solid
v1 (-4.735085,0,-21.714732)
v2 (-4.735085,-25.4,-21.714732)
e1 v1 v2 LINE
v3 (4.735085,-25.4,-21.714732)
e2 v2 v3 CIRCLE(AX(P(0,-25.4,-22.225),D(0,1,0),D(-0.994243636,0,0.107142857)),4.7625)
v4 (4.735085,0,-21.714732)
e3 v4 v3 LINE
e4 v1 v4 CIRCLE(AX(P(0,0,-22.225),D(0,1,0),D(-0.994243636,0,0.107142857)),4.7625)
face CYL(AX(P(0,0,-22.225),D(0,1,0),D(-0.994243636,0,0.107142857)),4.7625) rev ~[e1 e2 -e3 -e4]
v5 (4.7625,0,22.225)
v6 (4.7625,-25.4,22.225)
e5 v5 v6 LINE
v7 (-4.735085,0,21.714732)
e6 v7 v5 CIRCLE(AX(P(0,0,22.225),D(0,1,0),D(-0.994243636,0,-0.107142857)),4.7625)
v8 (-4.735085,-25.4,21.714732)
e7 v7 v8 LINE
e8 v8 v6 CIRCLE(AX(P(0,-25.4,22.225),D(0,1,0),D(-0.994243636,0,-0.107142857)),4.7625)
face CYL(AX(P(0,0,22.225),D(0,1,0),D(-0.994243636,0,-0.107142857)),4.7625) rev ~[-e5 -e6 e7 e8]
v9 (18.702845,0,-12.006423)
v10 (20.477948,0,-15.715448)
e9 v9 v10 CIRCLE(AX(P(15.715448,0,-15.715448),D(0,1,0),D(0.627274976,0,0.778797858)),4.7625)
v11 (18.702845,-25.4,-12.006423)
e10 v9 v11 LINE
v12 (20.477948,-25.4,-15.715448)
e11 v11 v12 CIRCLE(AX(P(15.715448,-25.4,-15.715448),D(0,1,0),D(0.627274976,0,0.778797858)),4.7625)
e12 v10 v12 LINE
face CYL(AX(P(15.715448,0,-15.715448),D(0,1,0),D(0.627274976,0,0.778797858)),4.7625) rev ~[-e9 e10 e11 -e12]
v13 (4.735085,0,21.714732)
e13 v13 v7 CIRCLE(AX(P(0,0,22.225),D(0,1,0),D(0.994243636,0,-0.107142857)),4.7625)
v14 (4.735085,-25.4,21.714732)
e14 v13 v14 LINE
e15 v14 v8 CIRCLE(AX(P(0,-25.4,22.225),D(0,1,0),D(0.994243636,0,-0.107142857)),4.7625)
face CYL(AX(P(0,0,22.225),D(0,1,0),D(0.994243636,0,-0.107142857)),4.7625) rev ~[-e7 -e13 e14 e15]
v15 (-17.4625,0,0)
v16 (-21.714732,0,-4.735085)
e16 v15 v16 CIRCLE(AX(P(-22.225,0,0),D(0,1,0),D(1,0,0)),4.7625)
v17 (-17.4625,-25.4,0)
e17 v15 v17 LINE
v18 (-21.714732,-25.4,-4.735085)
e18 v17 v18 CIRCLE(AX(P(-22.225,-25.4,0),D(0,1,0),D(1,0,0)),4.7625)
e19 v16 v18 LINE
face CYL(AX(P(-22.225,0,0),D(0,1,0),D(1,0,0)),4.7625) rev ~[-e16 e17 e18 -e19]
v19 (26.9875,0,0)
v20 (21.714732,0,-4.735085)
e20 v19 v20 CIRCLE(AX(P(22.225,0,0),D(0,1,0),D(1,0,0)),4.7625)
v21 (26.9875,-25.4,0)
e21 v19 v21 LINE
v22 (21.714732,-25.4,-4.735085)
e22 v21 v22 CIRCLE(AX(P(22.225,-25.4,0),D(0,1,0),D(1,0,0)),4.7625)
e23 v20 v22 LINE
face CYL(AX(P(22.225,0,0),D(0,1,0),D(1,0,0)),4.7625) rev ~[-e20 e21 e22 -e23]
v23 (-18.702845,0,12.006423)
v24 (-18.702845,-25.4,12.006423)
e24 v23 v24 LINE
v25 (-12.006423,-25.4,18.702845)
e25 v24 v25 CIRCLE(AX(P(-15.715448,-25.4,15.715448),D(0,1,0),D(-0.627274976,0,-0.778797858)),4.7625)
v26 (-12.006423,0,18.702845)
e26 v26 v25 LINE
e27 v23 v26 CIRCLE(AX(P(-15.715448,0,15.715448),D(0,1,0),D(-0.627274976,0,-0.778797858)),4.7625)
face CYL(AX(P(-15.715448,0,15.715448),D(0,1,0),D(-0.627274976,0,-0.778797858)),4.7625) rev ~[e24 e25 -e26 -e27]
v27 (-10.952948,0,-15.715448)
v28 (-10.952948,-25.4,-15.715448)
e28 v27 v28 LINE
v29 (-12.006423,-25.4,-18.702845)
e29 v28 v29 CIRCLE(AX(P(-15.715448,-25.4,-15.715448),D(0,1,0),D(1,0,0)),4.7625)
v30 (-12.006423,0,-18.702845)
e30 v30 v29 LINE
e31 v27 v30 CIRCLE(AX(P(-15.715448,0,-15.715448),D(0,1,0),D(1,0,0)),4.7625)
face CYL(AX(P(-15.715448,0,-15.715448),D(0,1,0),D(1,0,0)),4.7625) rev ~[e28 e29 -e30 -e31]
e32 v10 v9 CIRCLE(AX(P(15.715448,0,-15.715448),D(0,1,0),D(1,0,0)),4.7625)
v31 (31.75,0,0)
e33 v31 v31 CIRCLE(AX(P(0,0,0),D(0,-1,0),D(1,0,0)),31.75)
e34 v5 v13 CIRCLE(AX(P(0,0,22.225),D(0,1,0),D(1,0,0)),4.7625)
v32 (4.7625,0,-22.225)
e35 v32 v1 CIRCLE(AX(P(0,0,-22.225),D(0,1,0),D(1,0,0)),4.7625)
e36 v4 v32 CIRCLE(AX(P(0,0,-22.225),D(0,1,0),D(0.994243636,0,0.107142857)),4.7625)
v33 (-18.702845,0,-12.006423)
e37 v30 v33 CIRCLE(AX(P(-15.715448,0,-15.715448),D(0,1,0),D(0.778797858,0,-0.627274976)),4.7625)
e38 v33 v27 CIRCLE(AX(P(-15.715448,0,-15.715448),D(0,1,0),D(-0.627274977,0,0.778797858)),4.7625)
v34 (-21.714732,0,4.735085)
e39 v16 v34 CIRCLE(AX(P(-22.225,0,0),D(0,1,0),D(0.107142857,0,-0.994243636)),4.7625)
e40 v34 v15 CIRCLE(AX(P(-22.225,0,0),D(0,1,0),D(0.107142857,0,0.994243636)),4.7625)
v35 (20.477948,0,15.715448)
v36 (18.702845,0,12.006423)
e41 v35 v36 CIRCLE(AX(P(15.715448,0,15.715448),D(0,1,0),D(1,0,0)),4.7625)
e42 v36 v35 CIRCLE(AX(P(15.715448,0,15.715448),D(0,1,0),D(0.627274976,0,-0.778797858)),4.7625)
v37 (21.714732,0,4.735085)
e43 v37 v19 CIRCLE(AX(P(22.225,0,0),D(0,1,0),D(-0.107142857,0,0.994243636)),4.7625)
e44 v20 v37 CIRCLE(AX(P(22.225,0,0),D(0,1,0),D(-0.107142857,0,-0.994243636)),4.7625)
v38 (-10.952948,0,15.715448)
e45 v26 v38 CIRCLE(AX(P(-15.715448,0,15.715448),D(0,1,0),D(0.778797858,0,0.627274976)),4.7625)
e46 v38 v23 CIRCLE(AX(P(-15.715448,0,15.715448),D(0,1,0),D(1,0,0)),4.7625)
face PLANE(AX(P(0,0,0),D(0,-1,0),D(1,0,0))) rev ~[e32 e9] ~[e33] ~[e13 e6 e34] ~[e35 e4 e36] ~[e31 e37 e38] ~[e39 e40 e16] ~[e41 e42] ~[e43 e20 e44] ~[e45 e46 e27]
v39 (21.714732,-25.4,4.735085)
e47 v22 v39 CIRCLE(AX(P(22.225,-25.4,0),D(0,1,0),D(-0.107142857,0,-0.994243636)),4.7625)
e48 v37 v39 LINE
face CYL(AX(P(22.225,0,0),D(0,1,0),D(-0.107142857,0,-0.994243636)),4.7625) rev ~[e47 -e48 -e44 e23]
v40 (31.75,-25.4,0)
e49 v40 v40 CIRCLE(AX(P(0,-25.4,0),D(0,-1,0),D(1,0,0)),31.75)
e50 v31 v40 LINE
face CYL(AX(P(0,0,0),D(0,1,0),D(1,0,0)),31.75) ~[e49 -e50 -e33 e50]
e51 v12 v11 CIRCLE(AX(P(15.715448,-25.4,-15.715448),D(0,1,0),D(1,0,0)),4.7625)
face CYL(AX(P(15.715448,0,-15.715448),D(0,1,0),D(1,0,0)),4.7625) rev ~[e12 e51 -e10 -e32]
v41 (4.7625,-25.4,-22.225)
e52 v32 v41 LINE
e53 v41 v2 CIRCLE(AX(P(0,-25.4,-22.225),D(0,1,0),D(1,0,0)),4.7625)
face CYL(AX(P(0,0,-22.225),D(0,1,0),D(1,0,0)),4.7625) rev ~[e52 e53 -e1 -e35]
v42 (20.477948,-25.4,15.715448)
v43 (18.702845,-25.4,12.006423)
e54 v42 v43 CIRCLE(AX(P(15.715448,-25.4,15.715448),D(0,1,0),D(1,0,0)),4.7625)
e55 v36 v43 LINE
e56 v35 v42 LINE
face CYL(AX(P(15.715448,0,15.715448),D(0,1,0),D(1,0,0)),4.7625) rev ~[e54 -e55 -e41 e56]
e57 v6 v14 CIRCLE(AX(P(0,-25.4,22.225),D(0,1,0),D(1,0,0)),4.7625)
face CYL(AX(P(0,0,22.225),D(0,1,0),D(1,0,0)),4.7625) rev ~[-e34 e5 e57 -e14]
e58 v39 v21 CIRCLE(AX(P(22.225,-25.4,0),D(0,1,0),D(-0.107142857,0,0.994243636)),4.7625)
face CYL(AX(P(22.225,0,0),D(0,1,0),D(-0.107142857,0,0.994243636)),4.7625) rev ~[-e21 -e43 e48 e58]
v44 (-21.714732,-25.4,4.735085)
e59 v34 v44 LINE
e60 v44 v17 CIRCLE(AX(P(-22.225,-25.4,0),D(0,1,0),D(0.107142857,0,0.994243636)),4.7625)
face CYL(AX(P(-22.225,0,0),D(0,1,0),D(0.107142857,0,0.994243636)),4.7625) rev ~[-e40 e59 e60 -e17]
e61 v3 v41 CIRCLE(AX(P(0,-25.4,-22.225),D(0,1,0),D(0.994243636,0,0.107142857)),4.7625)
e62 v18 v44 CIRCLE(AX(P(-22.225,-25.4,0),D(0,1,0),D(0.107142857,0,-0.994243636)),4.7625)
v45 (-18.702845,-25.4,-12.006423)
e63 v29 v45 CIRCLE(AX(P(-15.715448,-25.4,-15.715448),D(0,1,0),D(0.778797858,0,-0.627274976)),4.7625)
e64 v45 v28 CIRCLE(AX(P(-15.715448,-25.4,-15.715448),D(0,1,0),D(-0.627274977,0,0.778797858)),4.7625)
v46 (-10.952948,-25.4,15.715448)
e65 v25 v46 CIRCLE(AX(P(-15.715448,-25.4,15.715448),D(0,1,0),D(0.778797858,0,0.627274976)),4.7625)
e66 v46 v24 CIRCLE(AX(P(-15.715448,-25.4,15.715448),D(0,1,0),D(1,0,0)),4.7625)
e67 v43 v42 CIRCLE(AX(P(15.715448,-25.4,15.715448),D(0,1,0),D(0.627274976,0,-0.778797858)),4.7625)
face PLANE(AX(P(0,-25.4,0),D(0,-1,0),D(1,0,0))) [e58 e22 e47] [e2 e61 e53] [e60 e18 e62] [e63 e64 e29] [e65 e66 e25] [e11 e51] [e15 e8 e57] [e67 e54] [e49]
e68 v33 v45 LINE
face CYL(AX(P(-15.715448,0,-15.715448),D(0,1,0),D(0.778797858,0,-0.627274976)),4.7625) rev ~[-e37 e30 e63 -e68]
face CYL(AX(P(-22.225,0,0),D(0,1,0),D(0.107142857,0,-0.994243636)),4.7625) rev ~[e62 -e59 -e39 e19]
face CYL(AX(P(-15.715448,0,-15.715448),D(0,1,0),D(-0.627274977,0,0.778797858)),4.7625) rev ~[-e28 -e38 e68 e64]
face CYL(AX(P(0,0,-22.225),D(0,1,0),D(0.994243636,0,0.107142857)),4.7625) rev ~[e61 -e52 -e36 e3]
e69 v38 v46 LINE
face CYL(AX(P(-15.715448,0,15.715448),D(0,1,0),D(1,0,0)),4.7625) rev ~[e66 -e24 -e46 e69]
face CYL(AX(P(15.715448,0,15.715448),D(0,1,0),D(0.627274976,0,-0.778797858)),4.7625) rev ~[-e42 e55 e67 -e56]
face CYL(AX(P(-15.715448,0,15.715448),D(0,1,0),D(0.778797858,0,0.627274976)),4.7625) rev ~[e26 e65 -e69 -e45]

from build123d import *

# Parameters (mm, degrees)
F0_R     = 31.75
F1_DEPTH = 25.4


with BuildPart() as f1:
    # F0 (on Front) → F1 (new body)
    with BuildSketch(Plane.XZ):
        Circle(F0_R)
        with BuildLine():
            ThreePointArc((18.7028452874, 12.0064234124), (20.5332226101, 8.5051392843), (21.7147321429, 4.7350853175))
            ThreePointArc((21.7147321429, 4.7350853175), (25.4070791615, 3.543413391), (26.9875, 0))
            ThreePointArc((26.9875, 0), (25.4070791615, -3.543413391), (21.7147321429, -4.7350853175))
            ThreePointArc((21.7147321429, -4.7350853175), (20.5332226101, -8.5051392843), (18.7028452874, -12.0064234124))
            ThreePointArc((18.7028452874, -12.0064234124), (20.0113116188, -13.6594900802), (20.4779482119, -15.7154482119))
            ThreePointArc((20.4779482119, -15.7154482119), (17.2993004213, -20.2068642947), (12.0064234124, -18.7028452874))
            ThreePointArc((12.0064234124, -18.7028452874), (8.5051392843, -20.5332226101), (4.7350853175, -21.7147321429))
            ThreePointArc((4.7350853175, -21.7147321429), (4.7556413907, -21.969498116), (4.7625, -22.225))
            ThreePointArc((4.7625, -22.225), (-0.255501884, -26.9806413907), (-4.7350853175, -21.7147321429))
            ThreePointArc((-4.7350853175, -21.7147321429), (-8.5051392843, -20.5332226101), (-12.0064234124, -18.7028452874))
            ThreePointArc((-12.0064234124, -18.7028452874), (-19.0830442573, -19.0830442573), (-18.7028452874, -12.0064234124))
            ThreePointArc((-18.7028452874, -12.0064234124), (-20.5332226101, -8.5051392843), (-21.7147321429, -4.7350853175))
            ThreePointArc((-21.7147321429, -4.7350853175), (-26.9875, 0), (-21.7147321429, 4.7350853175))
            ThreePointArc((-21.7147321429, 4.7350853175), (-20.5332226101, 8.5051392843), (-18.7028452874, 12.0064234124))
            ThreePointArc((-18.7028452874, 12.0064234124), (-19.0830442573, 19.0830442573), (-12.0064234124, 18.7028452874))
            ThreePointArc((-12.0064234124, 18.7028452874), (-8.5051392843, 20.5332226101), (-4.7350853175, 21.7147321429))
            ThreePointArc((-4.7350853175, 21.7147321429), (-0.255501884, 26.9806413907), (4.7625, 22.225))
            ThreePointArc((4.7625, 22.225), (4.7556413907, 21.969498116), (4.7350853175, 21.7147321429))
            ThreePointArc((4.7350853175, 21.7147321429), (8.5051392843, 20.5332226101), (12.0064234124, 18.7028452874))
            ThreePointArc((12.0064234124, 18.7028452874), (17.2993004213, 20.2068642947), (20.4779482119, 15.7154482119))
            ThreePointArc((20.4779482119, 15.7154482119), (20.0113116188, 13.6594900802), (18.7028452874, 12.0064234124))
        make_face(mode=Mode.SUBTRACT)
        with BuildLine():
            ThreePointArc((21.7147321429, -4.7350853175), (17.4625, 0), (21.7147321429, 4.7350853175))
            ThreePointArc((21.7147321429, 4.7350853175), (20.5332226101, 8.5051392843), (18.7028452874, 12.0064234124))
            ThreePointArc((18.7028452874, 12.0064234124), (12.3478521665, 12.3478521665), (12.0064234124, 18.7028452874))
            ThreePointArc((12.0064234124, 18.7028452874), (8.5051392843, 20.5332226101), (4.7350853175, 21.7147321429))
            ThreePointArc((4.7350853175, 21.7147321429), (0, 17.4625), (-4.7350853175, 21.7147321429))
            ThreePointArc((-4.7350853175, 21.7147321429), (-8.5051392843, 20.5332226101), (-12.0064234124, 18.7028452874))
            ThreePointArc((-12.0064234124, 18.7028452874), (-11.2240321291, 17.2993004213), (-10.9529482119, 15.7154482119))
            ThreePointArc((-10.9529482119, 15.7154482119), (-13.6594900802, 11.4195848049), (-18.7028452874, 12.0064234124))
            ThreePointArc((-18.7028452874, 12.0064234124), (-20.5332226101, 8.5051392843), (-21.7147321429, 4.7350853175))
            ThreePointArc((-21.7147321429, 4.7350853175), (-18.681586609, 3.1820791615), (-17.4625, 0))
            ThreePointArc((-17.4625, 0), (-18.681586609, -3.1820791615), (-21.7147321429, -4.7350853175))
            ThreePointArc((-21.7147321429, -4.7350853175), (-20.5332226101, -8.5051392843), (-18.7028452874, -12.0064234124))
            ThreePointArc((-18.7028452874, -12.0064234124), (-13.6594900802, -11.4195848049), (-10.9529482119, -15.7154482119))
            ThreePointArc((-10.9529482119, -15.7154482119), (-11.2240321291, -17.2993004213), (-12.0064234124, -18.7028452874))
            ThreePointArc((-12.0064234124, -18.7028452874), (-8.5051392843, -20.5332226101), (-4.7350853175, -21.7147321429))
            ThreePointArc((-4.7350853175, -21.7147321429), (0, -17.4625), (4.7350853175, -21.7147321429))
            ThreePointArc((4.7350853175, -21.7147321429), (8.5051392843, -20.5332226101), (12.0064234124, -18.7028452874))
            ThreePointArc((12.0064234124, -18.7028452874), (12.3478521665, -12.3478521665), (18.7028452874, -12.0064234124))
            ThreePointArc((18.7028452874, -12.0064234124), (20.5332226101, -8.5051392843), (21.7147321429, -4.7350853175))
        make_face()
    extrude(amount=F1_DEPTH)


solid = f1.part
